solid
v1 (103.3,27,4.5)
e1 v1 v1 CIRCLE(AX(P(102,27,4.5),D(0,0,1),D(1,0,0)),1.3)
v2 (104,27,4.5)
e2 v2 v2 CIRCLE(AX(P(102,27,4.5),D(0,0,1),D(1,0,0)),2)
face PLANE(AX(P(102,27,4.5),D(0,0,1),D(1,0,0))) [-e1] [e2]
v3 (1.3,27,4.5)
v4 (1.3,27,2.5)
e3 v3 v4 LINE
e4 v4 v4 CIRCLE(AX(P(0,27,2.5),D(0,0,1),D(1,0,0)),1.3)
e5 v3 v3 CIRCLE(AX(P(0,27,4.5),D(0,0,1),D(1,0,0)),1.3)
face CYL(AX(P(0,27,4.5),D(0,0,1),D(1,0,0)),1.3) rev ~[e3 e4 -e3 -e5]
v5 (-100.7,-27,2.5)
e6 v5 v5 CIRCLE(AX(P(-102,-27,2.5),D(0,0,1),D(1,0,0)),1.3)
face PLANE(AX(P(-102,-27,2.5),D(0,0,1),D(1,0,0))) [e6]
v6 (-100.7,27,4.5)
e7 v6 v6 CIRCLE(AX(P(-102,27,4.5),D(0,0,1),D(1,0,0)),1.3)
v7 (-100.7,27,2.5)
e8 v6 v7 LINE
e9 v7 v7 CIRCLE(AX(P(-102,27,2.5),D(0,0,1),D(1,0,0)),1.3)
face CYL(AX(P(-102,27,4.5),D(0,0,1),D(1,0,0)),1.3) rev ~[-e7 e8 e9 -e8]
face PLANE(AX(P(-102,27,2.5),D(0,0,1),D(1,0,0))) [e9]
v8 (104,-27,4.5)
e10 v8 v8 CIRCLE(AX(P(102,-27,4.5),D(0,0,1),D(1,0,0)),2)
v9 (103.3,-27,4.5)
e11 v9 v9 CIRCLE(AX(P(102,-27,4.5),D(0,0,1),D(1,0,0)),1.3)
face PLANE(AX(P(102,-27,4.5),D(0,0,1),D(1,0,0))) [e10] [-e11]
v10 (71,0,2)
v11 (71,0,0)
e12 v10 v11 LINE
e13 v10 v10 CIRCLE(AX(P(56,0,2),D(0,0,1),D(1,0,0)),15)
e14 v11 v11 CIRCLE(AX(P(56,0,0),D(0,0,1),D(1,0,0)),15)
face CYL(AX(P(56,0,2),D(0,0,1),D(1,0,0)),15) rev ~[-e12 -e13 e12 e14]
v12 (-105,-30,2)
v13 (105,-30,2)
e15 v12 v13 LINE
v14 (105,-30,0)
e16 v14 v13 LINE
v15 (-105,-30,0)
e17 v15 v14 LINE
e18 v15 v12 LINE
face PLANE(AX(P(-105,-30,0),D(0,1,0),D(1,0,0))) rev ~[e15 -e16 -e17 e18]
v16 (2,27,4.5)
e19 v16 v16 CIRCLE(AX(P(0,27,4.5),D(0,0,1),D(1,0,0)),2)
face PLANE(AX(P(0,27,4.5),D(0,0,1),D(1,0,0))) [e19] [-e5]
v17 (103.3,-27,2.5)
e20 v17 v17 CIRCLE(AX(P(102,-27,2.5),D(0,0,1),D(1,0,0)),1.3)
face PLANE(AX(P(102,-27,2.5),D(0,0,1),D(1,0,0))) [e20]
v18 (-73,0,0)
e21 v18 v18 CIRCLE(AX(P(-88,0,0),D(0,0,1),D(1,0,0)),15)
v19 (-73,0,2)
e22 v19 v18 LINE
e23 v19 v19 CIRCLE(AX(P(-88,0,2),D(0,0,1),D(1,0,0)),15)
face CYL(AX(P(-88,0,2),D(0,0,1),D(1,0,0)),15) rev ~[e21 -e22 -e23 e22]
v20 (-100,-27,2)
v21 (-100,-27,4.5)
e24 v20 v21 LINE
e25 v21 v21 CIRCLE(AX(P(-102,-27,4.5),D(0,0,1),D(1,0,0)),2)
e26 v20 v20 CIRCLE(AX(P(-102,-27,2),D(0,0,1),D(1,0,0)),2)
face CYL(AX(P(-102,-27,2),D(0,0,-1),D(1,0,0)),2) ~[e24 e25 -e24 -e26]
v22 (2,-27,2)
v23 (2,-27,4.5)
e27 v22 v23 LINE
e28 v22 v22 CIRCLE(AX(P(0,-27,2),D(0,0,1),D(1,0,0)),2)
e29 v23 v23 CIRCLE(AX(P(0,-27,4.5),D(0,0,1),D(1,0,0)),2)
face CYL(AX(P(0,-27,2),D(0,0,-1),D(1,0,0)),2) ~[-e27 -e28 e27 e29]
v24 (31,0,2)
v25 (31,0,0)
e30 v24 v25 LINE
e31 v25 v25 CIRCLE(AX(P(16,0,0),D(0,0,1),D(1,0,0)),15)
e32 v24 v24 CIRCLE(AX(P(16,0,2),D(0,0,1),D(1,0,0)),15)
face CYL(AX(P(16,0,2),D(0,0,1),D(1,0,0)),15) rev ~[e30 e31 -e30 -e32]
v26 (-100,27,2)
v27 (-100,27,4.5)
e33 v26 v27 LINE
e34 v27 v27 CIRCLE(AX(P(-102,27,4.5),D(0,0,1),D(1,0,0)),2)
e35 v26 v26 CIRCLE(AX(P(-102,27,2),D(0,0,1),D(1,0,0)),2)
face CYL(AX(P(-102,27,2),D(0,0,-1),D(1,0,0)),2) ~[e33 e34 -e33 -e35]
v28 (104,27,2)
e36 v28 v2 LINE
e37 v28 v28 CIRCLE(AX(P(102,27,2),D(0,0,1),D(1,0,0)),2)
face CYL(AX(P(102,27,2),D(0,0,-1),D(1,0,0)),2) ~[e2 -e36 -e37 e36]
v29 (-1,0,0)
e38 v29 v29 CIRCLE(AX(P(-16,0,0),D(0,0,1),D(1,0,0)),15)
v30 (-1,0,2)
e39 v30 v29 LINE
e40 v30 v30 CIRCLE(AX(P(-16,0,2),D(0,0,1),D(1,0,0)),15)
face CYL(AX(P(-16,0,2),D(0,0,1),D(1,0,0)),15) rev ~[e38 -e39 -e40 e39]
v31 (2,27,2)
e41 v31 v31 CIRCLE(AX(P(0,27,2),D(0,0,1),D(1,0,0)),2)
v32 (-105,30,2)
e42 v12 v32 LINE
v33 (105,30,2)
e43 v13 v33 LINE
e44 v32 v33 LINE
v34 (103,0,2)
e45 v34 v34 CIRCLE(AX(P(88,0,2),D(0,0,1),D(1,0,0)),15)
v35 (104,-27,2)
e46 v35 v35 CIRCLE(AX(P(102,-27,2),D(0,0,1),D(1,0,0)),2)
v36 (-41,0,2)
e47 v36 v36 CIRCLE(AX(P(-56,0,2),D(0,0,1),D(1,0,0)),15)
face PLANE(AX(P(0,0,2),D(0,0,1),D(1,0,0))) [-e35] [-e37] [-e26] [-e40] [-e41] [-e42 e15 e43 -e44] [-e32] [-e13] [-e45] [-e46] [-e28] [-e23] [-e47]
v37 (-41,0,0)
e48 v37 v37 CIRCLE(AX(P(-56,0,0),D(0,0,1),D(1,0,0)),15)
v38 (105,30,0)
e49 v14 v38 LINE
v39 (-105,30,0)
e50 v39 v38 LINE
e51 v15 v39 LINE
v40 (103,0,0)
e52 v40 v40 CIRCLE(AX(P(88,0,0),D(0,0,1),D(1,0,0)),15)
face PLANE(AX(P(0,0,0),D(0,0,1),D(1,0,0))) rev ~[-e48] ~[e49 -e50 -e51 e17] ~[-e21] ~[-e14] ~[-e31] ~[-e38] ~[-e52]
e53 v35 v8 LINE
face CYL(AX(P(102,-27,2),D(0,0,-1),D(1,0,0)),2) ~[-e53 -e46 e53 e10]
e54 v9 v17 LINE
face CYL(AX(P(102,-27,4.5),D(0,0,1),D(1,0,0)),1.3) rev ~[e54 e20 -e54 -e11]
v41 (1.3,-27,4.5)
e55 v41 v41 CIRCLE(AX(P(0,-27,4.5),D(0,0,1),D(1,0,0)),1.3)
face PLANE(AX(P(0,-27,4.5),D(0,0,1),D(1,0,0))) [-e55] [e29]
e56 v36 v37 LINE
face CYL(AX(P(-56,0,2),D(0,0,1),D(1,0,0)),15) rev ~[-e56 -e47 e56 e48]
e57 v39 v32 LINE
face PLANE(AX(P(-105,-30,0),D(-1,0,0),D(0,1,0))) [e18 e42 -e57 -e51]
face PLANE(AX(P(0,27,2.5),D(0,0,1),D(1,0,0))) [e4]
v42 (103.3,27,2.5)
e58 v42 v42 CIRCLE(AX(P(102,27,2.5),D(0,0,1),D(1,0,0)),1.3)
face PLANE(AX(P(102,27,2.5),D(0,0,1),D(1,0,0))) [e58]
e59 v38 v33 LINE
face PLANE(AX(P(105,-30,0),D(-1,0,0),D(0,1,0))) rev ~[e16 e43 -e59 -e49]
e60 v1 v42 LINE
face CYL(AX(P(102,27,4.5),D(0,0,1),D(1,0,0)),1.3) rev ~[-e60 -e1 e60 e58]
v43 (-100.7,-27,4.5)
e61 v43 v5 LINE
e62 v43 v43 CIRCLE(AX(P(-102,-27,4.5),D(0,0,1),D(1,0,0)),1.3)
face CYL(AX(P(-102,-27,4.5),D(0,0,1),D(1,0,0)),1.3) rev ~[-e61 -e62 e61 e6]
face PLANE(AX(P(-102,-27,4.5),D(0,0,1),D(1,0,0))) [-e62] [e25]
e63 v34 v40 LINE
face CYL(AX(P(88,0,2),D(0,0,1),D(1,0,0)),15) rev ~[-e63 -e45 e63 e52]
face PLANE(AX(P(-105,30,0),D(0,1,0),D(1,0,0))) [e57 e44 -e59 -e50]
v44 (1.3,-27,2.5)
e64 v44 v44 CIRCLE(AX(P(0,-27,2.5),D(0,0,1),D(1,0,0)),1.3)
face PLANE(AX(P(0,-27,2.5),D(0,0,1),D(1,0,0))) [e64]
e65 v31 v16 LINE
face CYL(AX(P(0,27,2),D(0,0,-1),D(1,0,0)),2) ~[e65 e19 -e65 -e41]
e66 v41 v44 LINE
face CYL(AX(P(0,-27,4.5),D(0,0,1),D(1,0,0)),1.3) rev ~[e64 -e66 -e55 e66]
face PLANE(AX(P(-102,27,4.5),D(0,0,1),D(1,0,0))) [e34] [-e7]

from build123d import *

# Parameters (mm, degrees)
F0_W      = 210
F0_H      = 60
F1_DEPTH  = 2
F2_R      = 15
F3_DEPTH  = 2
F4_R      = 2
F5_DEPTH  = 2.5
F6_R      = 1.3
F7_DEPTH  = 2
F8_R      = 1.3
F9_DEPTH  = 2
F10_R     = 1.3
F11_DEPTH = 2
F12_R     = 1.3
F13_DEPTH = 2
F14_R     = 1.3
F15_DEPTH = 2
F16_R     = 1.3
F17_DEPTH = 2


with BuildPart() as f1:
    # F0 (on Top) → F1 (new body)
    with BuildSketch(Plane.XY):
        Rectangle(F0_W, F0_H)
    extrude(amount=F1_DEPTH)

    # F2 (on face) → F3 (cut)
    with BuildSketch(Plane.XY.offset(2)):
        with Locations((-88, 0)):
            Circle(F2_R)
        with Locations((-56, 0)):
            Circle(F2_R)
        with Locations((-16, 0)):
            Circle(F2_R)
        with Locations((16, 0)):
            Circle(F2_R)
        with Locations((56, 0)):
            Circle(F2_R)
        with Locations((88, 0)):
            Circle(F2_R)
    extrude(amount=-F3_DEPTH, mode=Mode.SUBTRACT)

    # F4 (on face) → F5 (join)
    with BuildSketch(Plane.XY.offset(2)):
        with Locations((-102, -27)):
            Circle(F4_R)
        with Locations((-102, 27)):
            Circle(F4_R)
        with Locations((102, -27)):
            Circle(F4_R)
        with Locations((102, 27)):
            Circle(F4_R)
        with Locations((0, 27)):
            Circle(F4_R)
        with Locations((0, -27)):
            Circle(F4_R)
    extrude(amount=F5_DEPTH)

    # F6 (on face) → F7 (cut)
    with BuildSketch(Plane.XY.offset(4.5)):
        with Locations((0, -27)):
            Circle(F6_R)
    extrude(amount=-F7_DEPTH, mode=Mode.SUBTRACT)

    # F8 (on face) → F9 (cut)
    with BuildSketch(Plane.XY.offset(4.5)):
        with Locations((-102, -27)):
            Circle(F8_R)
    extrude(amount=-F9_DEPTH, mode=Mode.SUBTRACT)

    # F10 (on face) → F11 (cut)
    with BuildSketch(Plane.XY.offset(4.5)):
        with Locations((-102, 27)):
            Circle(F10_R)
    extrude(amount=-F11_DEPTH, mode=Mode.SUBTRACT)

    # F12 (on face) → F13 (cut)
    with BuildSketch(Plane.XY.offset(4.5)):
        with Locations((0, 27)):
            Circle(F12_R)
    extrude(amount=-F13_DEPTH, mode=Mode.SUBTRACT)

    # F14 (on face) → F15 (cut)
    with BuildSketch(Plane.XY.offset(4.5)):
        with Locations((102, 27)):
            Circle(F14_R)
    extrude(amount=-F15_DEPTH, mode=Mode.SUBTRACT)

    # F16 (on face) → F17 (cut)
    with BuildSketch(Plane.XY.offset(4.5)):
        with Locations((102, -27)):
            Circle(F16_R)
    extrude(amount=-F17_DEPTH, mode=Mode.SUBTRACT)


solid = f1.part
